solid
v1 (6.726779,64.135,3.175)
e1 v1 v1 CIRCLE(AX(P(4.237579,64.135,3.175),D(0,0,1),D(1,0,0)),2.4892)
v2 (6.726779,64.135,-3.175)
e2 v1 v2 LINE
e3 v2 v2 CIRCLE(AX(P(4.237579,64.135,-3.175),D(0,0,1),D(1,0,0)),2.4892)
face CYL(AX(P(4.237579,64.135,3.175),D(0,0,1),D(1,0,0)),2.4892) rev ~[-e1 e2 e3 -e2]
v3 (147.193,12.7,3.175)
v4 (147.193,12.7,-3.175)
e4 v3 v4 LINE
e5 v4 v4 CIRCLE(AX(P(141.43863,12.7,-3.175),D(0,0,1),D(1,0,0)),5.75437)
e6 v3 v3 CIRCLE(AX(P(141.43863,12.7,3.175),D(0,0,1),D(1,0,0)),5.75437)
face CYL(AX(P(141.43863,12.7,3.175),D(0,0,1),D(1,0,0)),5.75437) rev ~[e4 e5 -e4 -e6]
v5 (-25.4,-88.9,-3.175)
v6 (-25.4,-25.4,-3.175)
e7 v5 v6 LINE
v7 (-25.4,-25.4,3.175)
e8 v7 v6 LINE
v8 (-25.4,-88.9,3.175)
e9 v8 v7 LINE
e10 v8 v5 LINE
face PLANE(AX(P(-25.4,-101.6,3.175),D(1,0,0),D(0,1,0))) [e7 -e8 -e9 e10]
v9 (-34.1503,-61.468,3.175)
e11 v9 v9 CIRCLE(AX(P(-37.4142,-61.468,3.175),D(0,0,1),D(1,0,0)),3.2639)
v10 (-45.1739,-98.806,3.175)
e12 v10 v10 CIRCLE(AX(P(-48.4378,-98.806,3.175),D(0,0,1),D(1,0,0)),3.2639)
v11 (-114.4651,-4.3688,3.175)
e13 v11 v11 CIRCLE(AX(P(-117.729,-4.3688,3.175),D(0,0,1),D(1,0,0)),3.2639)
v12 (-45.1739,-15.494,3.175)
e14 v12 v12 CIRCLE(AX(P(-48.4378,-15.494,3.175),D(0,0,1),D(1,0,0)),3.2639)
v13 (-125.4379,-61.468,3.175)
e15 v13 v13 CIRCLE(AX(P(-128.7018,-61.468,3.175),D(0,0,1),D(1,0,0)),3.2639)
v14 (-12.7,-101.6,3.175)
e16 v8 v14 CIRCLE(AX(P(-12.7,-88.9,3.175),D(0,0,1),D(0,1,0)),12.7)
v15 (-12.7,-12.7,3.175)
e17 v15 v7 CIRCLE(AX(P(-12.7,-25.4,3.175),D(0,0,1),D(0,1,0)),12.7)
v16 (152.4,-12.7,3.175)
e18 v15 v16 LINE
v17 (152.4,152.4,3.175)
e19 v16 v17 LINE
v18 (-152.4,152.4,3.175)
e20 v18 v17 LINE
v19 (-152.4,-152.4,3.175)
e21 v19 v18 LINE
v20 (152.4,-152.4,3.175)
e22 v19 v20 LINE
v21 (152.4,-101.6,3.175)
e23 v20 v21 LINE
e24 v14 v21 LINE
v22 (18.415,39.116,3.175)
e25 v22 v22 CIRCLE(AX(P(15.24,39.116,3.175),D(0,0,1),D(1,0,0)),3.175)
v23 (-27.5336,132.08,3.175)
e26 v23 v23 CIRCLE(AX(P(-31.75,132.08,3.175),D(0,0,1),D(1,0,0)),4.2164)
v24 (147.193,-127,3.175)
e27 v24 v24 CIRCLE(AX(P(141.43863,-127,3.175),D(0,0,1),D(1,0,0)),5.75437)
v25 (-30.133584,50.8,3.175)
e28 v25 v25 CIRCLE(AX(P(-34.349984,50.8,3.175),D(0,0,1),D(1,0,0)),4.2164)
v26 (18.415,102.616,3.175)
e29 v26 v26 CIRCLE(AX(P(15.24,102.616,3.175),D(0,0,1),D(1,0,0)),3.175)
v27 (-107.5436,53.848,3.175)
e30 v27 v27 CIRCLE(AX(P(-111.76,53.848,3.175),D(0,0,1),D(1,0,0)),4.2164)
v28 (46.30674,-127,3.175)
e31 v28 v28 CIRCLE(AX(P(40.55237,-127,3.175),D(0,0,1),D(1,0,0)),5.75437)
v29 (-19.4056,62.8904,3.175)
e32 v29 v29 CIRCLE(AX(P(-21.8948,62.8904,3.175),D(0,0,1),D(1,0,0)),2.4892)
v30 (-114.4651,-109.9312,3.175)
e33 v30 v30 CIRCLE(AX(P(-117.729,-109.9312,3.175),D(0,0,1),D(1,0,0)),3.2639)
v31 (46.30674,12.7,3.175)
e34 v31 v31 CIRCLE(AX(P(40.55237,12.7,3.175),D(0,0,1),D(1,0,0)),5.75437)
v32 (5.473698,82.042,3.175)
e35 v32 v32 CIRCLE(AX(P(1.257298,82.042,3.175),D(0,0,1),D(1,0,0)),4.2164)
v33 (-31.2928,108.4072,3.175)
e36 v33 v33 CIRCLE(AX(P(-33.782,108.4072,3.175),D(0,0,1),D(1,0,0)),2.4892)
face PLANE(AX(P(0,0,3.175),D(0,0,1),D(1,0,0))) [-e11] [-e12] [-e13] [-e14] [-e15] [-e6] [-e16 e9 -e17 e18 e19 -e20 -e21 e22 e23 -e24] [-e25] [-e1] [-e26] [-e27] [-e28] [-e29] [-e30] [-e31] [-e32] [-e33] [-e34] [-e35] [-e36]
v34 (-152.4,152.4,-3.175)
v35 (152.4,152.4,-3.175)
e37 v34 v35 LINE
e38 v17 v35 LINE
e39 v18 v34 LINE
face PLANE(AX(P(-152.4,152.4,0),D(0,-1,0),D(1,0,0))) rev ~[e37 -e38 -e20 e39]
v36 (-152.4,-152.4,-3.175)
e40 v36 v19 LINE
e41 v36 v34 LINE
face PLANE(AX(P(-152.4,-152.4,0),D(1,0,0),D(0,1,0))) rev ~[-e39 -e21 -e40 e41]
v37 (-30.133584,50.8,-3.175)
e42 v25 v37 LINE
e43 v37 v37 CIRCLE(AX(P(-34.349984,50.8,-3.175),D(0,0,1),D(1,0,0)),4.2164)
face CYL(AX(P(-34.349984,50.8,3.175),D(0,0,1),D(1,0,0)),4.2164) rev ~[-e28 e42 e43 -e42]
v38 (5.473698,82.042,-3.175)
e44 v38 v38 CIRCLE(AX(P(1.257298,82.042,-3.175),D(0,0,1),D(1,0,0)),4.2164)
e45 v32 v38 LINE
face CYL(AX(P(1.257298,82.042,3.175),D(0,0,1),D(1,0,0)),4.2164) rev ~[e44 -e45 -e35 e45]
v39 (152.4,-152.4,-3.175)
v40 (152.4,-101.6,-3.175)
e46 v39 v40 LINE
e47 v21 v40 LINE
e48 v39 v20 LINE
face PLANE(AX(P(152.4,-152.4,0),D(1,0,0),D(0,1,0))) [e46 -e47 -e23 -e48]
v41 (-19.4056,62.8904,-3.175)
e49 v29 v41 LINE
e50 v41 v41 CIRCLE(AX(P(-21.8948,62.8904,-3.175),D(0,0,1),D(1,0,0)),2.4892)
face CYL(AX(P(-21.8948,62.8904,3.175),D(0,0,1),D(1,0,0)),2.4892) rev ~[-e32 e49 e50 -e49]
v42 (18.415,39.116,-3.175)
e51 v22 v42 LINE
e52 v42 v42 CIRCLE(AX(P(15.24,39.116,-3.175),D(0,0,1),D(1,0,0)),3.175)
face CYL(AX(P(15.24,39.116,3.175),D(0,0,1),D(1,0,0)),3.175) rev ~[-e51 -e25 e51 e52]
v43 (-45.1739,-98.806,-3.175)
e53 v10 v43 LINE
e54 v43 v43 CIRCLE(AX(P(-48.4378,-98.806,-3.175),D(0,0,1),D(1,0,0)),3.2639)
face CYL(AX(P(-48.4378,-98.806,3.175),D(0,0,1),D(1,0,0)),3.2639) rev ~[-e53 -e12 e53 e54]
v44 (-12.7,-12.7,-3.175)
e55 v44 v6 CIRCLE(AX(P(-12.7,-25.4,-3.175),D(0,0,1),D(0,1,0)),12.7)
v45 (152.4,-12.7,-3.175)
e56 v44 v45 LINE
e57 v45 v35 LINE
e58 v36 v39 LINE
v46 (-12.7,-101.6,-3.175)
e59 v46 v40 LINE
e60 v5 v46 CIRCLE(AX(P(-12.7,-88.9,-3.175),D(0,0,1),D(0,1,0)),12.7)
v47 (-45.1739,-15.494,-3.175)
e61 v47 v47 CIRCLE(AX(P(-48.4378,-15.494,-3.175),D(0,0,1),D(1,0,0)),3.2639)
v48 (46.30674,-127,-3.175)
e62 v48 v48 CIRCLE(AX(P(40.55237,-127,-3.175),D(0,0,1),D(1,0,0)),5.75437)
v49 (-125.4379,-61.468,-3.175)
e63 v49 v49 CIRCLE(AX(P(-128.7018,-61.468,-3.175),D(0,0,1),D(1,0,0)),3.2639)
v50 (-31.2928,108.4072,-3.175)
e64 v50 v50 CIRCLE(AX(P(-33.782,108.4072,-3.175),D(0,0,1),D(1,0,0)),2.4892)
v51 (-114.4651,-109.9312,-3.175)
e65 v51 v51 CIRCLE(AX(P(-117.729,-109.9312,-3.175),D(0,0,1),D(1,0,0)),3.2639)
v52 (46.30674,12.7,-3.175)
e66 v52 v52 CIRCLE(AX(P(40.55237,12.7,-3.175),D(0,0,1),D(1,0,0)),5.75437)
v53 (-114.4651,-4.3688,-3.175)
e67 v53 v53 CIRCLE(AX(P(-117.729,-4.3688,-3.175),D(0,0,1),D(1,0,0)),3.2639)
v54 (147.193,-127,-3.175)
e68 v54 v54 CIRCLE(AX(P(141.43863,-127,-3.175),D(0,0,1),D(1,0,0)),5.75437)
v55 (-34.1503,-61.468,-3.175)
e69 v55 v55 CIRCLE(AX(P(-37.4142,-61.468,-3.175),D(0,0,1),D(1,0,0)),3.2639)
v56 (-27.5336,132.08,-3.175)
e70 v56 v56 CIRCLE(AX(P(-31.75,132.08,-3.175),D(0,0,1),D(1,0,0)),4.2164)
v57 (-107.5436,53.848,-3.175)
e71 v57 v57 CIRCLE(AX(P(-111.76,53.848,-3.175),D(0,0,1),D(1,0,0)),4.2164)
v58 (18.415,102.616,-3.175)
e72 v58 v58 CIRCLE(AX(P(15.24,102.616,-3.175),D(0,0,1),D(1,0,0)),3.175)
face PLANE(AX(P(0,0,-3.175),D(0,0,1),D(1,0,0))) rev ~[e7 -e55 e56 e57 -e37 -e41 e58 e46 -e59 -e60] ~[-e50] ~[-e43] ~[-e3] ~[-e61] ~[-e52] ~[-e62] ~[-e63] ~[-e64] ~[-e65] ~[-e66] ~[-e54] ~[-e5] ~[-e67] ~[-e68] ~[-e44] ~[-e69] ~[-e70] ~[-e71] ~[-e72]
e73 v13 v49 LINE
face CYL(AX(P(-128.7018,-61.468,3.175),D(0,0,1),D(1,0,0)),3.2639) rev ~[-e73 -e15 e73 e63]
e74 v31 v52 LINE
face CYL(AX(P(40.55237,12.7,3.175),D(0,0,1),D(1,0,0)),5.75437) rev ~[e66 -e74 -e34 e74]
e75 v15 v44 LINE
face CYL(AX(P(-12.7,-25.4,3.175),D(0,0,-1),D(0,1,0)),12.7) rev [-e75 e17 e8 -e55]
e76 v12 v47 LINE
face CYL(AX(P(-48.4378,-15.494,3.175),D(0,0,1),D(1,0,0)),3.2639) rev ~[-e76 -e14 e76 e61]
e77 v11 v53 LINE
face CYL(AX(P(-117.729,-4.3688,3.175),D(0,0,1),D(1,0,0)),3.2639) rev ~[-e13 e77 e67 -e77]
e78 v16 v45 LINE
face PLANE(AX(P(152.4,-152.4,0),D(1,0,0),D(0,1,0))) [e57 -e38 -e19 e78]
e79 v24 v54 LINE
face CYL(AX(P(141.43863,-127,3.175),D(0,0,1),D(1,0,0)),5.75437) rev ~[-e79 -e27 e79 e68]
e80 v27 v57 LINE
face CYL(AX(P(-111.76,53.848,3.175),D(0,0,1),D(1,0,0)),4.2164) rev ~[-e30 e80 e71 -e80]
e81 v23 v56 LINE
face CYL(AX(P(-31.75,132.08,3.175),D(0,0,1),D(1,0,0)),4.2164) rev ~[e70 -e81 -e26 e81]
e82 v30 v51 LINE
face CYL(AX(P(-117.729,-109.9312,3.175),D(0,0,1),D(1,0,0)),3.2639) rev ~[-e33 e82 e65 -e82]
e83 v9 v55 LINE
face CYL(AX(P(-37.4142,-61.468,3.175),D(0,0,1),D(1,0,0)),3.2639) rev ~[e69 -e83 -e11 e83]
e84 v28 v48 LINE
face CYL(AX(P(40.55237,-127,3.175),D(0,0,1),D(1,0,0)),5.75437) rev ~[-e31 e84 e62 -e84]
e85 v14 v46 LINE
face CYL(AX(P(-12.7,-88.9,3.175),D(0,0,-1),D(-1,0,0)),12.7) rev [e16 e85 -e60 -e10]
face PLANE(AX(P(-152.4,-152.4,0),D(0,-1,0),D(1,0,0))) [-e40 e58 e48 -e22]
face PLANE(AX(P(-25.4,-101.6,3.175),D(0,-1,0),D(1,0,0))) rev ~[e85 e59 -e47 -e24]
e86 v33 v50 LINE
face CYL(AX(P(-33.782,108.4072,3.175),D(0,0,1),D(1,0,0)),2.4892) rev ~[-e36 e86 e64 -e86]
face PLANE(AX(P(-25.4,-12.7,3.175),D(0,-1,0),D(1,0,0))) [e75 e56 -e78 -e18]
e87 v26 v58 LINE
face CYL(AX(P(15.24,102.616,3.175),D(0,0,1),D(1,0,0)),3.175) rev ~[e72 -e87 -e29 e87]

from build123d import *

# Parameters (mm, degrees)
F0_W      = 304.8
F0_H      = 304.8
F1_DEPTH  = 3.175
F2_W      = 177.8
F2_H      = 88.9
F3_DEPTH  = 6.351
F4_R      = 12.7
F5_R      = 5.75437
F6_DEPTH  = 6.351
F7_R      = 4.2164
F8_DEPTH  = 6.351
F9_R      = 4.2164
F10_DEPTH = 6.351
F11_R     = 3.175
F12_DEPTH = 6.351
F13_R     = 3.2639
F14_DEPTH = 6.351
F15_R     = 2.4892
F16_DEPTH = 25.4


with BuildPart() as f1:
    # F0 (on Top) → F1 (new body, symmetric)
    with BuildSketch(Plane.XY):
        Rectangle(F0_W, F0_H)
    extrude(amount=F1_DEPTH, both=True)

    # F2 (on face) → F3 (cut, through all)
    with BuildSketch(Plane.XY.offset(3.175)):
        with Locations((63.5, -57.15)):
            Rectangle(F2_W, F2_H)
    extrude(amount=-F3_DEPTH, mode=Mode.SUBTRACT)

    # F4
    f4_edges = [f1.edges().sort_by_distance(p)[0] for p in [
        (-25.4, -12.7, 0),
        (-25.4, -101.6, 0),
    ]]
    fillet(f4_edges, radius=F4_R)

    # F5 (on face) → F6 (cut, through all)
    with BuildSketch(Plane.XY.offset(3.175)):
        with Locations((40.55237, -127)):
            Circle(F5_R)
        with Locations((141.43863, -127)):
            Circle(F5_R)
        with Locations((40.55237, 12.7)):
            Circle(F5_R)
        with Locations((141.43863, 12.7)):
            Circle(F5_R)
    extrude(amount=-F6_DEPTH, mode=Mode.SUBTRACT)

    # F7 (on face) → F8 (cut, through all)
    with BuildSketch(Plane.XY.offset(3.175)):
        with Locations((-31.75, 132.08)):
            Circle(F7_R)
        with Locations((1.257298, 82.042)):
            Circle(F7_R)
    extrude(amount=-F8_DEPTH, mode=Mode.SUBTRACT)

    # F9 (on face) → F10 (cut, through all)
    with BuildSketch(Plane.XY.offset(3.175)):
        with Locations((-111.76, 53.848)):
            Circle(F9_R)
        with Locations((-34.349984, 50.8)):
            Circle(F9_R)
    extrude(amount=-F10_DEPTH, mode=Mode.SUBTRACT)

    # F11 (on face) → F12 (cut, through all)
    with BuildSketch(Plane.XY.offset(3.175)):
        with Locations((15.24, 102.616)):
            Circle(F11_R)
        with Locations((15.24, 39.116)):
            Circle(F11_R)
    extrude(amount=-F12_DEPTH, mode=Mode.SUBTRACT)

    # F13 (on face) → F14 (cut, through all)
    with BuildSketch(Plane.XY.offset(3.175)):
        with Locations((-48.4378, -98.806)):
            Circle(F13_R)
        with Locations((-128.7018, -61.468)):
            Circle(F13_R)
        with Locations((-117.729, -109.9312)):
            Circle(F13_R)
        with Locations((-37.4142, -61.468)):
            Circle(F13_R)
        with Locations((-48.4378, -15.494)):
            Circle(F13_R)
        with Locations((-117.729, -4.3688)):
            Circle(F13_R)
    extrude(amount=-F14_DEPTH, mode=Mode.SUBTRACT)

    # F15 (on face) → F16 (cut)
    with BuildSketch(Plane.XY.offset(3.175)):
        with Locations((-21.8948, 62.8904)):
            Circle(F15_R)
        with Locations((-33.782, 108.4072)):
            Circle(F15_R)
        with Locations((4.237579, 64.135)):
            Circle(F15_R)
    extrude(amount=-F16_DEPTH, mode=Mode.SUBTRACT)


solid = f1.part
